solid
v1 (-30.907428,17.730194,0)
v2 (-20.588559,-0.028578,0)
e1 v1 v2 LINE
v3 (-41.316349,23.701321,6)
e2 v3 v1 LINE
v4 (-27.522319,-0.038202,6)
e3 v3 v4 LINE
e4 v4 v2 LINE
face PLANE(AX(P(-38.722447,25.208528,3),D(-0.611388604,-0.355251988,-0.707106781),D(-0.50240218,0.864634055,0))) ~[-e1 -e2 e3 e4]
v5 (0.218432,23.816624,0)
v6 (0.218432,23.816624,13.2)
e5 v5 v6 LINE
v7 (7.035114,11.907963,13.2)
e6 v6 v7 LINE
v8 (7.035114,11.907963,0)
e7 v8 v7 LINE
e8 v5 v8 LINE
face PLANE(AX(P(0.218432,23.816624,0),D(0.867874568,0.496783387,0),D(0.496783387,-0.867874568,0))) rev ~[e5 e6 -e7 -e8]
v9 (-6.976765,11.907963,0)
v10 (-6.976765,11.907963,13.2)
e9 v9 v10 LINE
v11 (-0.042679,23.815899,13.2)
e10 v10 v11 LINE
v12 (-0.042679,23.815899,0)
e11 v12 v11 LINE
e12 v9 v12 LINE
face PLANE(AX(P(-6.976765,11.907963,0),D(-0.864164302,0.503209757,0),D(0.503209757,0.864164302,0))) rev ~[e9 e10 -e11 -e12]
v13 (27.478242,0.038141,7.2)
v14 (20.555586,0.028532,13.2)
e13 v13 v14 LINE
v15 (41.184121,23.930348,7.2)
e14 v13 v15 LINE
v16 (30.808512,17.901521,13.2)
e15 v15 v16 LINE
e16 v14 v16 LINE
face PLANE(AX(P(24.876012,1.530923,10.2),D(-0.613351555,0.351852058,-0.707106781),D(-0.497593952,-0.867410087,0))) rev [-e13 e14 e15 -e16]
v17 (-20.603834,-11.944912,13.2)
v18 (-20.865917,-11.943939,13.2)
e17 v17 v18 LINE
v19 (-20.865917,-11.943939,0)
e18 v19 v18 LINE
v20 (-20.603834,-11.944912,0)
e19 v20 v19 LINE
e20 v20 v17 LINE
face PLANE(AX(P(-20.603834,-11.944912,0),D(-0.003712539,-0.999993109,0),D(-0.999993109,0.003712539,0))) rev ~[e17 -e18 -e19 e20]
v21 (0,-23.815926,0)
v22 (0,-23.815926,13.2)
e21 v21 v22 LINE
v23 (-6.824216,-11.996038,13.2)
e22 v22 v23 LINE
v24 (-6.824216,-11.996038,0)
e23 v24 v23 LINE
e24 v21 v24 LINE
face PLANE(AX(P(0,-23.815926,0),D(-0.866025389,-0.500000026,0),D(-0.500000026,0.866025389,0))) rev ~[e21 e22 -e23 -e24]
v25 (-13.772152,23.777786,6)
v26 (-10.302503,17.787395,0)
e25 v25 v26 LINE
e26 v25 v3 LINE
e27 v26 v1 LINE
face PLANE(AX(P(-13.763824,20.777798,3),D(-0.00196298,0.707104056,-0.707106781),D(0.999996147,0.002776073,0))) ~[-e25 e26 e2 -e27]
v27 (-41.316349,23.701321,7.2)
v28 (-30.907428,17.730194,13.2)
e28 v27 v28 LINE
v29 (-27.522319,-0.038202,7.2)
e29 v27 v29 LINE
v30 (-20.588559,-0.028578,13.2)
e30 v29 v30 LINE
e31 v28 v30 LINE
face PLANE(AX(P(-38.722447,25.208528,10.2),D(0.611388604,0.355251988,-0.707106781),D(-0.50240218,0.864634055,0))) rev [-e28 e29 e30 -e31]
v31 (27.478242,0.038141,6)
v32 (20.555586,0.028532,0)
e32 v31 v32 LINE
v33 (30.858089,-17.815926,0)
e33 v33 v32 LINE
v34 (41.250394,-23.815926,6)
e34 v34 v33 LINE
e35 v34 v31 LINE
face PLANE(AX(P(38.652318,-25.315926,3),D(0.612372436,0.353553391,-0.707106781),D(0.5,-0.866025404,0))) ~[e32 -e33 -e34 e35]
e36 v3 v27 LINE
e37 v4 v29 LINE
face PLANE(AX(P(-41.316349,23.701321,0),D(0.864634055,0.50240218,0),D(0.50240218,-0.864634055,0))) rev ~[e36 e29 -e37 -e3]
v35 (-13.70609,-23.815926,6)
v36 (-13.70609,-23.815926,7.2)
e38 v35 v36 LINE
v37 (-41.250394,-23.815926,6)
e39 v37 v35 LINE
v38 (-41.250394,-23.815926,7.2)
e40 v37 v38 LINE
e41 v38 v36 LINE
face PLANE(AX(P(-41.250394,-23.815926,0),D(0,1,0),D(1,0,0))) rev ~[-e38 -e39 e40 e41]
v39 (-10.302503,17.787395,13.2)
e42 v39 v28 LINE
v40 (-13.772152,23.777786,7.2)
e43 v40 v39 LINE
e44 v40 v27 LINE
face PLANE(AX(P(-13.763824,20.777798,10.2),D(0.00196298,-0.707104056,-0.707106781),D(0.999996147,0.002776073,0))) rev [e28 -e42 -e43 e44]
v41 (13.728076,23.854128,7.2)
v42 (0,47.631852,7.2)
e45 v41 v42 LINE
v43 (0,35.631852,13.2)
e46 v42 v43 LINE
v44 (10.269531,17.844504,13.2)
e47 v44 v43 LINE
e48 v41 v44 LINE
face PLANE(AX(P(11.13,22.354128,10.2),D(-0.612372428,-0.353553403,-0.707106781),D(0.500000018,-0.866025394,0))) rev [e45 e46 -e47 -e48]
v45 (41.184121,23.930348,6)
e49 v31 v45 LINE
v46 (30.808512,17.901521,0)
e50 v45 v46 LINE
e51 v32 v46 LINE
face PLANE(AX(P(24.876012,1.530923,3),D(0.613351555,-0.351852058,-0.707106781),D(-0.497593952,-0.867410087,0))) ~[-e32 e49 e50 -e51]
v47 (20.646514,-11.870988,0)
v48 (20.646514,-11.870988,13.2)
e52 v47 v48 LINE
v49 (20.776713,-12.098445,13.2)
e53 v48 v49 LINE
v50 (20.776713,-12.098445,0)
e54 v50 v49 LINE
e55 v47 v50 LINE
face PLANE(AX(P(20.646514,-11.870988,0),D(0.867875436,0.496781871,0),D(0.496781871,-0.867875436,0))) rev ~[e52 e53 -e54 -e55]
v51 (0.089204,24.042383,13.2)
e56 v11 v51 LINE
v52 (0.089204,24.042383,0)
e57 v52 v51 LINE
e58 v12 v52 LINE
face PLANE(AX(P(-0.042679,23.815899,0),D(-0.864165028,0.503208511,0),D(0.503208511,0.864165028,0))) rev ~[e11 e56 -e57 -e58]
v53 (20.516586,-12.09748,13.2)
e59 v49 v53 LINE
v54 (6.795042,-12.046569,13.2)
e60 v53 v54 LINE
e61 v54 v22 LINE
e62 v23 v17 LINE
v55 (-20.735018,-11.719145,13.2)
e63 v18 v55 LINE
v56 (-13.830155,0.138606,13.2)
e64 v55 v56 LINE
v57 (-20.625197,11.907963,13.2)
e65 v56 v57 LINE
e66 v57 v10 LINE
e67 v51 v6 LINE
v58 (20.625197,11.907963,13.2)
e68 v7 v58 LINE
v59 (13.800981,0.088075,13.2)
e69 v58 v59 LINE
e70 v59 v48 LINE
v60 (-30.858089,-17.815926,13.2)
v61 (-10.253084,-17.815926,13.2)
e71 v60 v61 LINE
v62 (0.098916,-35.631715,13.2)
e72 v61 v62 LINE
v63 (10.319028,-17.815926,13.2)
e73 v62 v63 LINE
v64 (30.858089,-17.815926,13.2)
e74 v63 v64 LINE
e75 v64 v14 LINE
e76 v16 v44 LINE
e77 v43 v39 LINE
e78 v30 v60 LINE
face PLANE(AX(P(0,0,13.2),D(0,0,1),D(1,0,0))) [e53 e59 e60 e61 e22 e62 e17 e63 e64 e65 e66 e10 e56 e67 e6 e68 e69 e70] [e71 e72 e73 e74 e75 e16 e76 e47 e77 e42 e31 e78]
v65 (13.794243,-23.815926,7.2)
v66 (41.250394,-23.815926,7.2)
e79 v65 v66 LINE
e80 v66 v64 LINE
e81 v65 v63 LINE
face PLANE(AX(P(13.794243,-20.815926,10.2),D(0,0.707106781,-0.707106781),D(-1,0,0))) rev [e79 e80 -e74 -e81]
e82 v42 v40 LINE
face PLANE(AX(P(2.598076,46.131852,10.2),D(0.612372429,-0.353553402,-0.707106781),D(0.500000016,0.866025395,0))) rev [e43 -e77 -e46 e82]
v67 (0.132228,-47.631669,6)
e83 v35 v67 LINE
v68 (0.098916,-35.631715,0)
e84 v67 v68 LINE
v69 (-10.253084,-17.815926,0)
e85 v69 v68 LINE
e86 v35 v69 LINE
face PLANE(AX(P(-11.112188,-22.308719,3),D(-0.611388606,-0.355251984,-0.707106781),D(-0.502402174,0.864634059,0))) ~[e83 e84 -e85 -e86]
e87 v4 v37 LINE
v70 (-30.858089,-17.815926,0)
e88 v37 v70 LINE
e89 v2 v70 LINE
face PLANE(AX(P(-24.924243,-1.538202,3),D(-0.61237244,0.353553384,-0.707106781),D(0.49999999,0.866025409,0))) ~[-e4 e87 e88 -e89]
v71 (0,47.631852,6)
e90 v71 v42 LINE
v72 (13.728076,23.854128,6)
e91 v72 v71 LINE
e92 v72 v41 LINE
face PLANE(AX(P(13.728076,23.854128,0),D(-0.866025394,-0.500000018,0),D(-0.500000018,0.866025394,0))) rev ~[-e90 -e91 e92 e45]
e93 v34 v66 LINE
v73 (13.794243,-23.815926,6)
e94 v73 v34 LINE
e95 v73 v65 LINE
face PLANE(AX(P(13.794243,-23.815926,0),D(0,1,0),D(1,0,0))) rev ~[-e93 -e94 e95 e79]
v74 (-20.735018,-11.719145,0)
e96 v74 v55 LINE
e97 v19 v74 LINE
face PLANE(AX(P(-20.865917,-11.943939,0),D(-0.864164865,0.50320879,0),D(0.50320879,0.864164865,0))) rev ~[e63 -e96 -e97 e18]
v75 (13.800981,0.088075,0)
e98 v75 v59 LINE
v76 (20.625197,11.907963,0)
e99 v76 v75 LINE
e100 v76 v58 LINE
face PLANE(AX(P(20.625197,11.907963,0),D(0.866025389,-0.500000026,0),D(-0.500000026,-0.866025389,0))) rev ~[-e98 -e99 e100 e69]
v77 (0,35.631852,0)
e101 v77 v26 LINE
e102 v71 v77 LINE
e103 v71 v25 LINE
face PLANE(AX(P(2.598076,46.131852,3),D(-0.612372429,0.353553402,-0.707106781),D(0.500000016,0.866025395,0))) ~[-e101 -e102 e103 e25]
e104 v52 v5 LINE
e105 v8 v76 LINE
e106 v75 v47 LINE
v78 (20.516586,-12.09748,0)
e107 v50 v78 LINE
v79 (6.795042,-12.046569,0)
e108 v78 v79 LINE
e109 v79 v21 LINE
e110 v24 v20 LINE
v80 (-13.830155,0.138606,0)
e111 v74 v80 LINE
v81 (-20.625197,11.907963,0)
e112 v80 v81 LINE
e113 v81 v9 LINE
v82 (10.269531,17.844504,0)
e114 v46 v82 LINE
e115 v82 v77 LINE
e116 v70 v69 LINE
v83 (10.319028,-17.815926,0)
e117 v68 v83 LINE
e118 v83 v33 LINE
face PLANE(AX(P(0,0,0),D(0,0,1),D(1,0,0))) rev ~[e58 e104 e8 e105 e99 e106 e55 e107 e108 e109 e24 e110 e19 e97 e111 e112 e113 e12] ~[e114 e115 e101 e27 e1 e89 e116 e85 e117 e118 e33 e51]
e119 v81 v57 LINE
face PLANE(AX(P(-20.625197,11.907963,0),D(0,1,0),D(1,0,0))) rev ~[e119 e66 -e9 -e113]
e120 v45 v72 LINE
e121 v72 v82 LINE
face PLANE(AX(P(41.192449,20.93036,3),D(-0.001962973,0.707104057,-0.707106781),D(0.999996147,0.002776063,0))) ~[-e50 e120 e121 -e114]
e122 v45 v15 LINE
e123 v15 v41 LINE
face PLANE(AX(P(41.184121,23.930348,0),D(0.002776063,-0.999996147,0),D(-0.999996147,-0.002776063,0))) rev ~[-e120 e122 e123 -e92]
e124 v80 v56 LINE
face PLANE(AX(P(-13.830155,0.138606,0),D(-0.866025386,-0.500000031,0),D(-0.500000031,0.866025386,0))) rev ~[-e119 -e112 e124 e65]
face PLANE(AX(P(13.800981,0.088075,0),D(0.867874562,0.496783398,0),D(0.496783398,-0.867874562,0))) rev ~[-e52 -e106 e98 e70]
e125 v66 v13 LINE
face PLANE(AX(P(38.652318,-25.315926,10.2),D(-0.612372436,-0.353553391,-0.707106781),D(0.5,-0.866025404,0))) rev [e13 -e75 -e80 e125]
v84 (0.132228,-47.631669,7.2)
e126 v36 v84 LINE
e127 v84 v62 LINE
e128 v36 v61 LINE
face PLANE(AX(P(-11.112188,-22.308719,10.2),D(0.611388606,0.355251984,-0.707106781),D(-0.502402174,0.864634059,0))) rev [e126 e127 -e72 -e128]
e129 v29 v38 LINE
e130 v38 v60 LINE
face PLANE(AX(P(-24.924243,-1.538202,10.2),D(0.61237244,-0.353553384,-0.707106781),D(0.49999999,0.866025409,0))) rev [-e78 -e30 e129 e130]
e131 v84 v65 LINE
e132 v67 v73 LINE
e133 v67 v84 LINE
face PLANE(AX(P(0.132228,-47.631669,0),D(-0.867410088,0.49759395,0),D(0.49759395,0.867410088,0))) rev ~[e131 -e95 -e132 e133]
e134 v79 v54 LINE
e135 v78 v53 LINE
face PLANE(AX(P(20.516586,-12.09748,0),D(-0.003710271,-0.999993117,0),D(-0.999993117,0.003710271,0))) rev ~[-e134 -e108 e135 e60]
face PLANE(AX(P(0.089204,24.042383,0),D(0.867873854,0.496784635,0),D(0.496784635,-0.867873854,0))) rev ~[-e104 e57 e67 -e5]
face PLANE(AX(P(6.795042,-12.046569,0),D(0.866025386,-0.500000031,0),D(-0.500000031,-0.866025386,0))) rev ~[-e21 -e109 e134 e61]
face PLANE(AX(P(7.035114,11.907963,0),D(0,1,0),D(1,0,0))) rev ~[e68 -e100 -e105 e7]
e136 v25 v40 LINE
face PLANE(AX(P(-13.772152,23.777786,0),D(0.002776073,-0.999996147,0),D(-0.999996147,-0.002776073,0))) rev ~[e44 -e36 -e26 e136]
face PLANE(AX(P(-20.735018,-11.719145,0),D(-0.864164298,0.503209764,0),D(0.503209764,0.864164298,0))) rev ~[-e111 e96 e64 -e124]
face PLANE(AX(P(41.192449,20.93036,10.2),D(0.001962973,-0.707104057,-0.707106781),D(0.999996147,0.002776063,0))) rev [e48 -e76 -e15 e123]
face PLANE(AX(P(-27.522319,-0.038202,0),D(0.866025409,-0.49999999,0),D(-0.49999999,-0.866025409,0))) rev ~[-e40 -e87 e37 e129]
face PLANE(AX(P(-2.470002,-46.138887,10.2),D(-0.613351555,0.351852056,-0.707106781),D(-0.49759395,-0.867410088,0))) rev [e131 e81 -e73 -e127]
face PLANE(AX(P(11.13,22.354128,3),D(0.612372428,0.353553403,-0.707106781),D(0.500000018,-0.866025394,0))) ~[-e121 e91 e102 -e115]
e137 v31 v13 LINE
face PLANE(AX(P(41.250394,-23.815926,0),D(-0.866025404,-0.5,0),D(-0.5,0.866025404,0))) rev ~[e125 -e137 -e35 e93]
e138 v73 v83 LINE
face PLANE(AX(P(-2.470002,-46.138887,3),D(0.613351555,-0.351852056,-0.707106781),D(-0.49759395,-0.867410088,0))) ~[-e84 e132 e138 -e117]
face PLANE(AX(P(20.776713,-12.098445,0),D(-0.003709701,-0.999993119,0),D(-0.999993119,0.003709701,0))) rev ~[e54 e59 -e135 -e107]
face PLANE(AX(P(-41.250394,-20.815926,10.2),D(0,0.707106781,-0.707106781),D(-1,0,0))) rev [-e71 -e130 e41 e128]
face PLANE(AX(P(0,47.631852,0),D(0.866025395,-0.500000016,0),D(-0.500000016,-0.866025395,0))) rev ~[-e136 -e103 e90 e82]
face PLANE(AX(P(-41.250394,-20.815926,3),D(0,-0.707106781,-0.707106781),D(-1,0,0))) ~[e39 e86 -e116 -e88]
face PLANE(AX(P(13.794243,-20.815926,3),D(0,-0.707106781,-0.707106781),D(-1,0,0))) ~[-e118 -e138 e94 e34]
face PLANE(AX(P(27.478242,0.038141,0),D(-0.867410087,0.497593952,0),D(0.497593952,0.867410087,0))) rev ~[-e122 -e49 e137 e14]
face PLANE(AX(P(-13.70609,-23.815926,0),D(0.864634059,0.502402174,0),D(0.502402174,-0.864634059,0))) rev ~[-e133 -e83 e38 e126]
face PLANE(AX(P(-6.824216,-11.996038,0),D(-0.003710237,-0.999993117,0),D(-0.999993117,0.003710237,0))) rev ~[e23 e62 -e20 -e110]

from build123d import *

# Parameters (mm, degrees)
F1_DEPTH = 13.2
F2_SIZE  = 6


with BuildPart() as f1:
    # F0 (on Top) → F1 (new body)
    with BuildSketch(Plane.XY):
        Polygon((13.728076, 23.854128), (0, 47.631852), (-13.772152, 23.777786), (-41.316349, 23.701321), (-27.522319, -0.038202), (-41.250394, -23.815926), (-13.70609, -23.815926), (0.132228, -47.631669), (13.794243, -23.815926), (41.250394, -23.815926), (27.478242, 0.038141), (41.184121, 23.930348), align=None)
        Polygon((-20.603834, -11.944912), (-20.865917, -11.943939), (-20.735018, -11.719145), (-13.830155, 0.138606), (-20.625197, 11.907963), (-6.976765, 11.907963), (-0.042679, 23.815899), (0.089204, 24.042383), (0.218432, 23.816624), (7.035114, 11.907963), (20.625197, 11.907963), (13.800981, 0.088075), (20.646514, -11.870988), (20.776713, -12.098445), (20.516586, -12.09748), (6.795042, -12.046569), (0, -23.815926), (-6.824216, -11.996038), align=None, mode=Mode.SUBTRACT)
    extrude(amount=F1_DEPTH)

    # F2
    f2_edges = [f1.edges().sort_by_distance(p)[0] for p in [
        (-6.786931, -35.723797, 0),
        (-27.478242, -23.815926, 0),
        (6.963236, -35.723797, 0),
        (27.522319, -23.815926, 0),
        (34.364318, -11.888893, 0),
        (34.331182, 11.984244, 0),
        (27.456098, 23.892238, 0),
        (6.864038, 35.74299, 0),
        (-6.886076, 35.704819, 0),
        (-27.544251, 23.739553, 0),
        (-34.419334, 11.83156, 0),
        (-34.386356, -11.927064, 0),
        (6.963236, -35.723797, 13.2),
        (27.522319, -23.815926, 13.2),
        (34.364318, -11.888893, 13.2),
        (34.331182, 11.984244, 13.2),
        (27.456098, 23.892238, 13.2),
        (6.864038, 35.74299, 13.2),
        (-6.886076, 35.704819, 13.2),
        (-27.544251, 23.739553, 13.2),
        (-34.419334, 11.83156, 13.2),
        (-34.386356, -11.927064, 13.2),
        (-27.478242, -23.815926, 13.2),
        (-6.786931, -35.723797, 13.2),
    ]]
    chamfer(f2_edges, length=F2_SIZE)


solid = f1.part
